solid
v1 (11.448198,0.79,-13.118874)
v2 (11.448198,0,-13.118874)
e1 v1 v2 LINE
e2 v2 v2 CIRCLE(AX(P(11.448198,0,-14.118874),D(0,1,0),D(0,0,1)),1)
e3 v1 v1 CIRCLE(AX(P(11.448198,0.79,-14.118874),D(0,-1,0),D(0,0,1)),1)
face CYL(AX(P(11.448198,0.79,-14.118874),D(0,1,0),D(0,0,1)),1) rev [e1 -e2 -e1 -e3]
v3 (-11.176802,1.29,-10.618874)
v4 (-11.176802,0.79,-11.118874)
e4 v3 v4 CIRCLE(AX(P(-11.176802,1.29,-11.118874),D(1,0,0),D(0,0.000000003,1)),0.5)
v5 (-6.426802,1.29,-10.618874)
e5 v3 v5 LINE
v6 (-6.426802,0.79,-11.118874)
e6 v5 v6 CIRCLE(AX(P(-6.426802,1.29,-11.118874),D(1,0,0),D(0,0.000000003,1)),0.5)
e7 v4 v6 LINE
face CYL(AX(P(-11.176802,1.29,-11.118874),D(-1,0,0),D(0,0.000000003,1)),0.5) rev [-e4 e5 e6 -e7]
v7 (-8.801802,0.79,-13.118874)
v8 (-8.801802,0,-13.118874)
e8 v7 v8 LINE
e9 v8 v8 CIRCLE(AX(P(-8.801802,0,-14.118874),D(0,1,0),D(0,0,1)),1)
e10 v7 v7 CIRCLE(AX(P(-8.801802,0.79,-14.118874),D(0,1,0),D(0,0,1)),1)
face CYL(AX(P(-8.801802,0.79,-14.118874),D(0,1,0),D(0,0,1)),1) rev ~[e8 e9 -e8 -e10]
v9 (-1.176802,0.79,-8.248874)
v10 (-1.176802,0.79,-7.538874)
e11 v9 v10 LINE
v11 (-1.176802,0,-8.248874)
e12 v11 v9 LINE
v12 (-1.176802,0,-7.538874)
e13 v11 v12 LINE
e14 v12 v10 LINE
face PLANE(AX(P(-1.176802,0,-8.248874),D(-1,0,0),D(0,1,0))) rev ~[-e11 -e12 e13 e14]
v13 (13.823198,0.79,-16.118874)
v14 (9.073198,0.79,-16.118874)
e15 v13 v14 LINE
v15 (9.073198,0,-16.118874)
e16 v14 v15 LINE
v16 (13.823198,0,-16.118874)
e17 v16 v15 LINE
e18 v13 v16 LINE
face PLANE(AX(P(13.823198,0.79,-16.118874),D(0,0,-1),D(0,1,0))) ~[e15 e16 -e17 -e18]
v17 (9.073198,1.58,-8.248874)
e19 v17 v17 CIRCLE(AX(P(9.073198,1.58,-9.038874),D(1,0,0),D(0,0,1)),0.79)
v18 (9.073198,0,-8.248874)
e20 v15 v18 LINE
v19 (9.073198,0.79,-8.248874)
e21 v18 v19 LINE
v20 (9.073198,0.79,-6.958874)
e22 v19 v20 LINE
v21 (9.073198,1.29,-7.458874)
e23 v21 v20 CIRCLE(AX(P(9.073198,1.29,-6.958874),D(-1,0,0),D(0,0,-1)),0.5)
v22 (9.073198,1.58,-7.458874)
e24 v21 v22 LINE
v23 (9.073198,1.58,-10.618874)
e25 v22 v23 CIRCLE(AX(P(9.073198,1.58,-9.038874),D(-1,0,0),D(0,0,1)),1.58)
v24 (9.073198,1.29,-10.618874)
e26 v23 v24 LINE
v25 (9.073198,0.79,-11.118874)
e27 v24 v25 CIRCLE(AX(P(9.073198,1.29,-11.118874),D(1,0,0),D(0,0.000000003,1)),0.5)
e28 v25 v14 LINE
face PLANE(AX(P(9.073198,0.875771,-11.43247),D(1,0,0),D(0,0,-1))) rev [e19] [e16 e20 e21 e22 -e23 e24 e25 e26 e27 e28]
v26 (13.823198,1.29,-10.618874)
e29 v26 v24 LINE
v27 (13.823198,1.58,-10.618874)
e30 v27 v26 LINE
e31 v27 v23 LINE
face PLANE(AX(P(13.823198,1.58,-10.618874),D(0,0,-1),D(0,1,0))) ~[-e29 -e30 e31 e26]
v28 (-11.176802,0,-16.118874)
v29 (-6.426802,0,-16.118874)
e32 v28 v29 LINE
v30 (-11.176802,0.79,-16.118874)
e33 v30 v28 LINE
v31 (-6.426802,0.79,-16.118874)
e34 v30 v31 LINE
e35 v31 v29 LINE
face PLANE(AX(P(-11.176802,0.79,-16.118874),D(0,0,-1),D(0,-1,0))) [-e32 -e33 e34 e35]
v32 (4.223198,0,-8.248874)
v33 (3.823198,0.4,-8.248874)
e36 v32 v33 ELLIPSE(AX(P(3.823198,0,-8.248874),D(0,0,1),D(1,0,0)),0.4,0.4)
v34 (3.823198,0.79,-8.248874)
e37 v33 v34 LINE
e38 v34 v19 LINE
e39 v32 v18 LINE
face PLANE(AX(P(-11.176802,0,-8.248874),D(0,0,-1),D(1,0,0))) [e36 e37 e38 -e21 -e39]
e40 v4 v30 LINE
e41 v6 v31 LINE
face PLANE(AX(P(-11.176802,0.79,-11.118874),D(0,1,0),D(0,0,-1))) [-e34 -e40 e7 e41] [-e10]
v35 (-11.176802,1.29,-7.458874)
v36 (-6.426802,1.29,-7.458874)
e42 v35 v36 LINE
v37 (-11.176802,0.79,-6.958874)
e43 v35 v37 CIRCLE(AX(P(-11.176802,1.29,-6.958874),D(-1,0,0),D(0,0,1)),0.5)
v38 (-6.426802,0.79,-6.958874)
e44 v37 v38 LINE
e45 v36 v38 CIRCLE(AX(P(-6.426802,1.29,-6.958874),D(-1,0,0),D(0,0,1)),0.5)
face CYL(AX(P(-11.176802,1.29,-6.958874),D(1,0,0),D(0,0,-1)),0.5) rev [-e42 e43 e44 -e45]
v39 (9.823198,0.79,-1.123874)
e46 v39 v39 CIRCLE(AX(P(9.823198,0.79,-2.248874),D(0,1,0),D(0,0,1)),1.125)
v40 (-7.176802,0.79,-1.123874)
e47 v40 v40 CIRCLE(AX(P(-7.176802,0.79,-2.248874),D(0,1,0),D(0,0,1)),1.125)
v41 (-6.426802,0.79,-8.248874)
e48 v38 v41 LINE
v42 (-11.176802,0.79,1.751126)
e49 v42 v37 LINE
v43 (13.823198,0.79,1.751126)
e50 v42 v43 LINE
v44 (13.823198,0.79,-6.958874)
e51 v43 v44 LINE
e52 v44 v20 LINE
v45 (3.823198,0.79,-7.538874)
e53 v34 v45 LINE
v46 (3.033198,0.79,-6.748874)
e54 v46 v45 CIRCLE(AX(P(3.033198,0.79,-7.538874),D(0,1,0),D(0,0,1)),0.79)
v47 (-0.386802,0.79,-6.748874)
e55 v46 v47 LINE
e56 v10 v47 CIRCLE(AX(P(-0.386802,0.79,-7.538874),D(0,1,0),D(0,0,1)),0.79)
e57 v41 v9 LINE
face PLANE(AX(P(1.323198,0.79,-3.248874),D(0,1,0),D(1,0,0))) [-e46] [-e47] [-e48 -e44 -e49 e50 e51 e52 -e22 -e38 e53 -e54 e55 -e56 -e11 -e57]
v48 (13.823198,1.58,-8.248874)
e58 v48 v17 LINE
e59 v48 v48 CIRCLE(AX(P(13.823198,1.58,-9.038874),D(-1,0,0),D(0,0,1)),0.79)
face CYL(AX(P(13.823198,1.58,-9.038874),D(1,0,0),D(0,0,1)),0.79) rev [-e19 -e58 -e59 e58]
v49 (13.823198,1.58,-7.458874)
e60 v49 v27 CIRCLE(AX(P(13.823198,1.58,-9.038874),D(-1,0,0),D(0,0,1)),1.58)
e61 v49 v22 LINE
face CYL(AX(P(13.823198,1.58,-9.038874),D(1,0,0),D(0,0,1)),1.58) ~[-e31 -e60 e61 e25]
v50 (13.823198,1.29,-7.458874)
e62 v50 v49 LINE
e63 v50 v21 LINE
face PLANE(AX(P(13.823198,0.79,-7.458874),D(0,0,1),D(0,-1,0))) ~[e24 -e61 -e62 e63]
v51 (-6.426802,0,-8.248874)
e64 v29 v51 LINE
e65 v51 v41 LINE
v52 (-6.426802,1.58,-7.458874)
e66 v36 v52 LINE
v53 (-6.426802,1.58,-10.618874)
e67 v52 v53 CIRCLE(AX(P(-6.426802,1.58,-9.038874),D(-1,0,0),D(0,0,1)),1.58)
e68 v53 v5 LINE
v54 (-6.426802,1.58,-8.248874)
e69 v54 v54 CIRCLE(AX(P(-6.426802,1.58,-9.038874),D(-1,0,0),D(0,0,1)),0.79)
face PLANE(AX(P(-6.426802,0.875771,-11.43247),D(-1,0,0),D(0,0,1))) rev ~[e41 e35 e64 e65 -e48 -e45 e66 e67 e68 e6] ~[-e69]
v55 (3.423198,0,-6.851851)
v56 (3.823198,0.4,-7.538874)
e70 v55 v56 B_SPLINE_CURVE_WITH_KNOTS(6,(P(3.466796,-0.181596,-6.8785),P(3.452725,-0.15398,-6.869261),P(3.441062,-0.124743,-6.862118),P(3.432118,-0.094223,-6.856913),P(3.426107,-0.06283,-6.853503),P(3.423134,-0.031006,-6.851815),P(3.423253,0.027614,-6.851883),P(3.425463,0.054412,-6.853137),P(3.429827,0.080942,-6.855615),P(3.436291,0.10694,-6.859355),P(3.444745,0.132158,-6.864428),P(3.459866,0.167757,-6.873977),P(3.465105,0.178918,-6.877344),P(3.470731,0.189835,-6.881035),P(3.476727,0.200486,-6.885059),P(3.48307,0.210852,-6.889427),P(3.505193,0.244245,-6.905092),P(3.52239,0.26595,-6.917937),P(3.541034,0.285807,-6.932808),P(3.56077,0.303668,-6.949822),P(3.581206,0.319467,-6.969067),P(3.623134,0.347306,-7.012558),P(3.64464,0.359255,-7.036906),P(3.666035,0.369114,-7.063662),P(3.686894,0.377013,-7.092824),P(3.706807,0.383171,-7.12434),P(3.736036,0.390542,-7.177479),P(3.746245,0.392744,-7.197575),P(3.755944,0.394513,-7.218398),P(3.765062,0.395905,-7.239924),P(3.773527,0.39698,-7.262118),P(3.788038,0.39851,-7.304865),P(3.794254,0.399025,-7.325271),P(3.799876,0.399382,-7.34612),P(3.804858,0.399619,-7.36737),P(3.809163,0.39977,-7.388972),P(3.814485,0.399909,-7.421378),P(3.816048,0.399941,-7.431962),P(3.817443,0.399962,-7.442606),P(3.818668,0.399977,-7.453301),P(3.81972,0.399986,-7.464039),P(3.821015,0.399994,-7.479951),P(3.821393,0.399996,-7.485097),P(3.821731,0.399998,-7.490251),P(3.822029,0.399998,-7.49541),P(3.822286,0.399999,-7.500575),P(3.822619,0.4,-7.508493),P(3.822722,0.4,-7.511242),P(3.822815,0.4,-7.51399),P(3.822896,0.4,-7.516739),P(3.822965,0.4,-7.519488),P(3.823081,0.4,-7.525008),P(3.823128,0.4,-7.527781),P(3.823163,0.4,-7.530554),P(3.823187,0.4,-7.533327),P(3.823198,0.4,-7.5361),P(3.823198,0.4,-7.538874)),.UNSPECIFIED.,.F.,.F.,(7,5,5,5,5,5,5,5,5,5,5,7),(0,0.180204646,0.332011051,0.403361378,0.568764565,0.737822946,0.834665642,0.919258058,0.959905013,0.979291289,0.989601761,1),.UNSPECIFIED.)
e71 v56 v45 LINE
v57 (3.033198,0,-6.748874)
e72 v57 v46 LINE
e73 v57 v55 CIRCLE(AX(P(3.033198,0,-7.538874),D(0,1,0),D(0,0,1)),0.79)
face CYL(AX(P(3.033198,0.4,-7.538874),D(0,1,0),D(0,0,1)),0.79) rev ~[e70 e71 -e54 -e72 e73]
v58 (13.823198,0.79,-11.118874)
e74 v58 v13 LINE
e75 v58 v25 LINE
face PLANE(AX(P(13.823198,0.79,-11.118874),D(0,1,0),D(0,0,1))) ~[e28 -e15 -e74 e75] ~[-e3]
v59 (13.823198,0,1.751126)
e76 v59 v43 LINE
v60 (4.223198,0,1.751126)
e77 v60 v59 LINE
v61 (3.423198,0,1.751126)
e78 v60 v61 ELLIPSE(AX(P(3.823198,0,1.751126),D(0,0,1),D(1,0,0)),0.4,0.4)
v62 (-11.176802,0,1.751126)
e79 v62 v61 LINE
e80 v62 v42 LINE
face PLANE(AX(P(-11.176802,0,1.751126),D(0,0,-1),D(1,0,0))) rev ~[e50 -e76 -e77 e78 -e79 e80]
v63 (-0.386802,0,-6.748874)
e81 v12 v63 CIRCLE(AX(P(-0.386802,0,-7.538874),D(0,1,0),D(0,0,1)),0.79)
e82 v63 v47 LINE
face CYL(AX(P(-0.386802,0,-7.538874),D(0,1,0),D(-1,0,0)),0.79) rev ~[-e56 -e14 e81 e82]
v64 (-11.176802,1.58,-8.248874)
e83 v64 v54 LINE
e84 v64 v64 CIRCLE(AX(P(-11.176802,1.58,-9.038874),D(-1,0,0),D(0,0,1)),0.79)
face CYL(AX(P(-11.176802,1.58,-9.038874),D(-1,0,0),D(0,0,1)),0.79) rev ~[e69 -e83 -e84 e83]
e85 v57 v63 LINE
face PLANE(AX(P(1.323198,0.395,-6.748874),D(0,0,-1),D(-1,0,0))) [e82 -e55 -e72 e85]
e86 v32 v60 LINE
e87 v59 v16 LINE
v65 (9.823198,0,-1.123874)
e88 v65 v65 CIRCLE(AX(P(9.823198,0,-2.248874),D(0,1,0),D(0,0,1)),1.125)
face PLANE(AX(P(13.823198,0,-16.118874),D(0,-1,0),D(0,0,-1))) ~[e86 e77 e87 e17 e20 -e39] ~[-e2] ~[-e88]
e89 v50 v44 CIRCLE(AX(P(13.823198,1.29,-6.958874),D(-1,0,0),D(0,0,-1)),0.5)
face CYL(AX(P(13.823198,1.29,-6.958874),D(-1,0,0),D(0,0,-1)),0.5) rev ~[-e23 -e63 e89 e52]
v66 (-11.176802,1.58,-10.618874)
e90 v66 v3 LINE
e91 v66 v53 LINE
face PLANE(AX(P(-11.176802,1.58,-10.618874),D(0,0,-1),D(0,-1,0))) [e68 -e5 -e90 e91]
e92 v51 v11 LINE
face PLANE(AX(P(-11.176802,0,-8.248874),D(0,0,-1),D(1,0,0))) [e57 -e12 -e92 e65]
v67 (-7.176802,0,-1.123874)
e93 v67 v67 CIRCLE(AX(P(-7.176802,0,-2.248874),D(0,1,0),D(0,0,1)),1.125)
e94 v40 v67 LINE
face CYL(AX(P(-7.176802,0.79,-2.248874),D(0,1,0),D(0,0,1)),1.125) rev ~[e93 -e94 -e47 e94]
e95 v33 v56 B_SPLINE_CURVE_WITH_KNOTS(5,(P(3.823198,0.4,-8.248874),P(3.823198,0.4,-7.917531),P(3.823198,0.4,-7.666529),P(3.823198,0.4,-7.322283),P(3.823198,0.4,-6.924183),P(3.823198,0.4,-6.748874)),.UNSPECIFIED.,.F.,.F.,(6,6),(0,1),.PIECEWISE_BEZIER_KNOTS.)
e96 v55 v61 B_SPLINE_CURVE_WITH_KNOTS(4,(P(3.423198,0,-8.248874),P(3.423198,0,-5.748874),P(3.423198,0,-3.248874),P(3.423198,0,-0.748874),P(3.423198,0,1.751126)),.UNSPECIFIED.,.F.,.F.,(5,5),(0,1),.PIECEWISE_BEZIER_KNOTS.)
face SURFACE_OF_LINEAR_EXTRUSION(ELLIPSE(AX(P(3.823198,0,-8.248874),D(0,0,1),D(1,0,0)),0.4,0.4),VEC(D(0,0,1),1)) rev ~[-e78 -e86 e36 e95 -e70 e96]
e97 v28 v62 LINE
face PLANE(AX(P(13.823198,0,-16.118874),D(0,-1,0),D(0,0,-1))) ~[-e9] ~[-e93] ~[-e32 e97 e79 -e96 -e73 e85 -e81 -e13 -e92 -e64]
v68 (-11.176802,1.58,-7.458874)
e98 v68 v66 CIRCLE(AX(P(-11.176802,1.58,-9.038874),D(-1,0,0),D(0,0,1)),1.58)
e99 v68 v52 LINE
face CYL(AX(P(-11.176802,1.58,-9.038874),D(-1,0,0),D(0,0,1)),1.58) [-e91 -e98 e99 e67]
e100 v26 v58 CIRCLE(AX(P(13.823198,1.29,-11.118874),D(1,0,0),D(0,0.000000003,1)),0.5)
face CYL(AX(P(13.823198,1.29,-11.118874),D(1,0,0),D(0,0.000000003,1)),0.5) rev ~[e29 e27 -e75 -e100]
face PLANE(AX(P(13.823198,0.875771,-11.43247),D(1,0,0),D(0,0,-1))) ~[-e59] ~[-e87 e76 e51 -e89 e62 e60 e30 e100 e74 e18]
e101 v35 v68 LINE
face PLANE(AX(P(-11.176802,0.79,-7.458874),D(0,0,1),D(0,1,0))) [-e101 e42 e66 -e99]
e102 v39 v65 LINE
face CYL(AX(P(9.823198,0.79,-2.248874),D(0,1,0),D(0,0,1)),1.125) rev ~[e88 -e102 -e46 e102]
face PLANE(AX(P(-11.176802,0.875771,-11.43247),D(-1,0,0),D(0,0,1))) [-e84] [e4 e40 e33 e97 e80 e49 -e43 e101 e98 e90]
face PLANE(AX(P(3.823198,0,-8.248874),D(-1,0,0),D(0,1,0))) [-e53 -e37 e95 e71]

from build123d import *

# Parameters (mm, degrees)
SKETCH1_W                     = 25
SKETCH1_H                     = 10
BASE_PLATE_DEPTH              = 0.79
PINHOLDER_DEPTH               = 4.75
SKETCH4_R                     = 0.79
PIN_SHAFT_DEPTH               = 30.913269547
SKETCH5_R                     = 1.125
SCREW_HOLES_DEPTH             = 4
SKETCH11_R                    = 1
SET_SCREW_HOLE_DEPTH          = 1.5
MIRRORED_FILLETS_R            = 0.5
MIRRORED_FILLETS_OF_MIRROR1_R = 0.5
SKETCH9_RX                    = 0.4
SKETCH9_RY                    = 0.4
SKETCH10_W                    = 5
SKETCH10_H                    = 0.79
SPRING_GROOVE_DEPTH           = 1.5
FILLET2_R                     = 0.79


with BuildPart() as part:
    # Sketch1 → Base Plate (new body)
    with BuildSketch(Plane(origin=(0, 0, 0), x_dir=(1, 0, 0), z_dir=(0, 1, 0))):
        with Locations((1.323198198, 3.248873874)):
            Rectangle(SKETCH1_W, SKETCH1_H)
    extrude(amount=BASE_PLATE_DEPTH)

    # Sketch2 → PinHolder (add)
    with BuildSketch(Plane.ZY.offset(11.176801802)):
        with BuildLine():
            Line((-8.248873874, 0), (-8.248873874, 0.79))
            Line((-8.248873874, 0.79), (-7.458873874, 0.79))
            Line((-7.458873874, 0.79), (-7.458873874, 1.58))
            ThreePointArc((-7.458873874, 1.58), (-9.038873874, 3.16), (-10.618873874, 1.58))
            Line((-10.618873874, 1.58), (-10.618873874, 1.29))
            ThreePointArc((-10.618873874, 1.29), (-10.765320483, 0.936446609), (-11.118873874, 0.79))
            Line((-11.118873874, 0.79), (-16.118873874, 0.79))
            Line((-16.118873874, 0.79), (-16.118873874, 0))
            Line((-16.118873874, 0), (-11.426644498, 0))
            Line((-11.426644498, 0), (-8.248873874, 0))
        make_face()
    pinholder = extrude(amount=-PINHOLDER_DEPTH)

    # Sketch4 → Pin Shaft (cut, through all)
    with BuildSketch(Plane.ZY.offset(11.176801802)):
        with Locations((-9.038873874, 1.58)):
            Circle(SKETCH4_R)
    pin_shaft = extrude(amount=-PIN_SHAFT_DEPTH, mode=Mode.SUBTRACT)

    # Sketch5 → Screw Holes (cut)
    with BuildSketch(Plane(origin=(0, 0.79, 0), x_dir=(1, 0, 0), z_dir=(0, 1, 0))):
        with Locations(Location((-7.176801802, 2.248873874, 0), (0, 0, 270))):
            Circle(SKETCH5_R)
        with Locations(Location((9.823198198, 2.248873874, 0), (0, 0, 270))):
            Circle(SKETCH5_R)
    extrude(amount=-SCREW_HOLES_DEPTH, mode=Mode.SUBTRACT)

    # Sketch11 → Set Screw Hole (cut)
    with BuildSketch(Plane(origin=(0, 0.79, 0), x_dir=(1, 0, 0), z_dir=(0, 1, 0))):
        with Locations(Location((-8.801801802, 14.118873874, 0), (0, 0, 270))):
            Circle(SKETCH11_R)
    set_screw_hole = extrude(amount=-SET_SCREW_HOLE_DEPTH, mode=Mode.SUBTRACT)

    # Mirrored Fillets
    mirrored_fillets_edges = [part.edges().sort_by_distance(p)[0] for p in [
        (-8.801801802, 0.79, -7.458873874),
    ]]
    fillet(mirrored_fillets_edges, radius=MIRRORED_FILLETS_R)

    # Mirror1: PinHolder, Pin Shaft, Set Screw Hole across plane
    add(pinholder.mirror(Plane(origin=(1.323198198, 0, 0), x_dir=(0, 0, 1), z_dir=(1, 0, 0))))
    add(pin_shaft.mirror(Plane(origin=(1.323198198, 0, 0), x_dir=(0, 0, 1), z_dir=(1, 0, 0))), mode=Mode.SUBTRACT)
    add(set_screw_hole.mirror(Plane(origin=(1.323198198, 0, 0), x_dir=(0, 0, 1), z_dir=(1, 0, 0))), mode=Mode.SUBTRACT)

    # Mirrored Fillets of Mirror1
    mirrored_fillets_of_mirror1_edges = [part.edges().sort_by_distance(p)[0] for p in [
        (11.448198198, 0.79, -7.458873874),
    ]]
    fillet(mirrored_fillets_of_mirror1_edges, radius=MIRRORED_FILLETS_OF_MIRROR1_R)

    # Wire Groove: sweep along a path in Sketch8
    with BuildLine(Plane.XZ) as wire_groove_path:
        Line((3.823198198, -8.248873874), (3.823198198, 1.751126126))
    # Sketch9 → Wire Groove (sweep, cut)
    with BuildSketch(Plane.XY.offset(1.751126126)):
        with Locations((3.823198198, 0)):
            Ellipse(SKETCH9_RX, SKETCH9_RY)
    sweep(path=wire_groove_path.line, mode=Mode.SUBTRACT)

    # Sketch10 → Spring Groove (cut)
    with BuildSketch(Plane(origin=(0, 0, -8.248873874), x_dir=(-1, 0, 0), z_dir=(0, 0, -1))):
        with Locations((-1.323198198, 0.395)):
            Rectangle(SKETCH10_W, SKETCH10_H)
    extrude(amount=-SPRING_GROOVE_DEPTH, mode=Mode.SUBTRACT)

    # Fillet2
    fillet2_edges = [part.edges().sort_by_distance(p)[0] for p in [
        (-1.176801802, 0.395, -6.748873874),
        (3.823198198, 0.595, -6.748873874),
    ]]
    fillet(fillet2_edges, radius=FILLET2_R)


solid = part.part
